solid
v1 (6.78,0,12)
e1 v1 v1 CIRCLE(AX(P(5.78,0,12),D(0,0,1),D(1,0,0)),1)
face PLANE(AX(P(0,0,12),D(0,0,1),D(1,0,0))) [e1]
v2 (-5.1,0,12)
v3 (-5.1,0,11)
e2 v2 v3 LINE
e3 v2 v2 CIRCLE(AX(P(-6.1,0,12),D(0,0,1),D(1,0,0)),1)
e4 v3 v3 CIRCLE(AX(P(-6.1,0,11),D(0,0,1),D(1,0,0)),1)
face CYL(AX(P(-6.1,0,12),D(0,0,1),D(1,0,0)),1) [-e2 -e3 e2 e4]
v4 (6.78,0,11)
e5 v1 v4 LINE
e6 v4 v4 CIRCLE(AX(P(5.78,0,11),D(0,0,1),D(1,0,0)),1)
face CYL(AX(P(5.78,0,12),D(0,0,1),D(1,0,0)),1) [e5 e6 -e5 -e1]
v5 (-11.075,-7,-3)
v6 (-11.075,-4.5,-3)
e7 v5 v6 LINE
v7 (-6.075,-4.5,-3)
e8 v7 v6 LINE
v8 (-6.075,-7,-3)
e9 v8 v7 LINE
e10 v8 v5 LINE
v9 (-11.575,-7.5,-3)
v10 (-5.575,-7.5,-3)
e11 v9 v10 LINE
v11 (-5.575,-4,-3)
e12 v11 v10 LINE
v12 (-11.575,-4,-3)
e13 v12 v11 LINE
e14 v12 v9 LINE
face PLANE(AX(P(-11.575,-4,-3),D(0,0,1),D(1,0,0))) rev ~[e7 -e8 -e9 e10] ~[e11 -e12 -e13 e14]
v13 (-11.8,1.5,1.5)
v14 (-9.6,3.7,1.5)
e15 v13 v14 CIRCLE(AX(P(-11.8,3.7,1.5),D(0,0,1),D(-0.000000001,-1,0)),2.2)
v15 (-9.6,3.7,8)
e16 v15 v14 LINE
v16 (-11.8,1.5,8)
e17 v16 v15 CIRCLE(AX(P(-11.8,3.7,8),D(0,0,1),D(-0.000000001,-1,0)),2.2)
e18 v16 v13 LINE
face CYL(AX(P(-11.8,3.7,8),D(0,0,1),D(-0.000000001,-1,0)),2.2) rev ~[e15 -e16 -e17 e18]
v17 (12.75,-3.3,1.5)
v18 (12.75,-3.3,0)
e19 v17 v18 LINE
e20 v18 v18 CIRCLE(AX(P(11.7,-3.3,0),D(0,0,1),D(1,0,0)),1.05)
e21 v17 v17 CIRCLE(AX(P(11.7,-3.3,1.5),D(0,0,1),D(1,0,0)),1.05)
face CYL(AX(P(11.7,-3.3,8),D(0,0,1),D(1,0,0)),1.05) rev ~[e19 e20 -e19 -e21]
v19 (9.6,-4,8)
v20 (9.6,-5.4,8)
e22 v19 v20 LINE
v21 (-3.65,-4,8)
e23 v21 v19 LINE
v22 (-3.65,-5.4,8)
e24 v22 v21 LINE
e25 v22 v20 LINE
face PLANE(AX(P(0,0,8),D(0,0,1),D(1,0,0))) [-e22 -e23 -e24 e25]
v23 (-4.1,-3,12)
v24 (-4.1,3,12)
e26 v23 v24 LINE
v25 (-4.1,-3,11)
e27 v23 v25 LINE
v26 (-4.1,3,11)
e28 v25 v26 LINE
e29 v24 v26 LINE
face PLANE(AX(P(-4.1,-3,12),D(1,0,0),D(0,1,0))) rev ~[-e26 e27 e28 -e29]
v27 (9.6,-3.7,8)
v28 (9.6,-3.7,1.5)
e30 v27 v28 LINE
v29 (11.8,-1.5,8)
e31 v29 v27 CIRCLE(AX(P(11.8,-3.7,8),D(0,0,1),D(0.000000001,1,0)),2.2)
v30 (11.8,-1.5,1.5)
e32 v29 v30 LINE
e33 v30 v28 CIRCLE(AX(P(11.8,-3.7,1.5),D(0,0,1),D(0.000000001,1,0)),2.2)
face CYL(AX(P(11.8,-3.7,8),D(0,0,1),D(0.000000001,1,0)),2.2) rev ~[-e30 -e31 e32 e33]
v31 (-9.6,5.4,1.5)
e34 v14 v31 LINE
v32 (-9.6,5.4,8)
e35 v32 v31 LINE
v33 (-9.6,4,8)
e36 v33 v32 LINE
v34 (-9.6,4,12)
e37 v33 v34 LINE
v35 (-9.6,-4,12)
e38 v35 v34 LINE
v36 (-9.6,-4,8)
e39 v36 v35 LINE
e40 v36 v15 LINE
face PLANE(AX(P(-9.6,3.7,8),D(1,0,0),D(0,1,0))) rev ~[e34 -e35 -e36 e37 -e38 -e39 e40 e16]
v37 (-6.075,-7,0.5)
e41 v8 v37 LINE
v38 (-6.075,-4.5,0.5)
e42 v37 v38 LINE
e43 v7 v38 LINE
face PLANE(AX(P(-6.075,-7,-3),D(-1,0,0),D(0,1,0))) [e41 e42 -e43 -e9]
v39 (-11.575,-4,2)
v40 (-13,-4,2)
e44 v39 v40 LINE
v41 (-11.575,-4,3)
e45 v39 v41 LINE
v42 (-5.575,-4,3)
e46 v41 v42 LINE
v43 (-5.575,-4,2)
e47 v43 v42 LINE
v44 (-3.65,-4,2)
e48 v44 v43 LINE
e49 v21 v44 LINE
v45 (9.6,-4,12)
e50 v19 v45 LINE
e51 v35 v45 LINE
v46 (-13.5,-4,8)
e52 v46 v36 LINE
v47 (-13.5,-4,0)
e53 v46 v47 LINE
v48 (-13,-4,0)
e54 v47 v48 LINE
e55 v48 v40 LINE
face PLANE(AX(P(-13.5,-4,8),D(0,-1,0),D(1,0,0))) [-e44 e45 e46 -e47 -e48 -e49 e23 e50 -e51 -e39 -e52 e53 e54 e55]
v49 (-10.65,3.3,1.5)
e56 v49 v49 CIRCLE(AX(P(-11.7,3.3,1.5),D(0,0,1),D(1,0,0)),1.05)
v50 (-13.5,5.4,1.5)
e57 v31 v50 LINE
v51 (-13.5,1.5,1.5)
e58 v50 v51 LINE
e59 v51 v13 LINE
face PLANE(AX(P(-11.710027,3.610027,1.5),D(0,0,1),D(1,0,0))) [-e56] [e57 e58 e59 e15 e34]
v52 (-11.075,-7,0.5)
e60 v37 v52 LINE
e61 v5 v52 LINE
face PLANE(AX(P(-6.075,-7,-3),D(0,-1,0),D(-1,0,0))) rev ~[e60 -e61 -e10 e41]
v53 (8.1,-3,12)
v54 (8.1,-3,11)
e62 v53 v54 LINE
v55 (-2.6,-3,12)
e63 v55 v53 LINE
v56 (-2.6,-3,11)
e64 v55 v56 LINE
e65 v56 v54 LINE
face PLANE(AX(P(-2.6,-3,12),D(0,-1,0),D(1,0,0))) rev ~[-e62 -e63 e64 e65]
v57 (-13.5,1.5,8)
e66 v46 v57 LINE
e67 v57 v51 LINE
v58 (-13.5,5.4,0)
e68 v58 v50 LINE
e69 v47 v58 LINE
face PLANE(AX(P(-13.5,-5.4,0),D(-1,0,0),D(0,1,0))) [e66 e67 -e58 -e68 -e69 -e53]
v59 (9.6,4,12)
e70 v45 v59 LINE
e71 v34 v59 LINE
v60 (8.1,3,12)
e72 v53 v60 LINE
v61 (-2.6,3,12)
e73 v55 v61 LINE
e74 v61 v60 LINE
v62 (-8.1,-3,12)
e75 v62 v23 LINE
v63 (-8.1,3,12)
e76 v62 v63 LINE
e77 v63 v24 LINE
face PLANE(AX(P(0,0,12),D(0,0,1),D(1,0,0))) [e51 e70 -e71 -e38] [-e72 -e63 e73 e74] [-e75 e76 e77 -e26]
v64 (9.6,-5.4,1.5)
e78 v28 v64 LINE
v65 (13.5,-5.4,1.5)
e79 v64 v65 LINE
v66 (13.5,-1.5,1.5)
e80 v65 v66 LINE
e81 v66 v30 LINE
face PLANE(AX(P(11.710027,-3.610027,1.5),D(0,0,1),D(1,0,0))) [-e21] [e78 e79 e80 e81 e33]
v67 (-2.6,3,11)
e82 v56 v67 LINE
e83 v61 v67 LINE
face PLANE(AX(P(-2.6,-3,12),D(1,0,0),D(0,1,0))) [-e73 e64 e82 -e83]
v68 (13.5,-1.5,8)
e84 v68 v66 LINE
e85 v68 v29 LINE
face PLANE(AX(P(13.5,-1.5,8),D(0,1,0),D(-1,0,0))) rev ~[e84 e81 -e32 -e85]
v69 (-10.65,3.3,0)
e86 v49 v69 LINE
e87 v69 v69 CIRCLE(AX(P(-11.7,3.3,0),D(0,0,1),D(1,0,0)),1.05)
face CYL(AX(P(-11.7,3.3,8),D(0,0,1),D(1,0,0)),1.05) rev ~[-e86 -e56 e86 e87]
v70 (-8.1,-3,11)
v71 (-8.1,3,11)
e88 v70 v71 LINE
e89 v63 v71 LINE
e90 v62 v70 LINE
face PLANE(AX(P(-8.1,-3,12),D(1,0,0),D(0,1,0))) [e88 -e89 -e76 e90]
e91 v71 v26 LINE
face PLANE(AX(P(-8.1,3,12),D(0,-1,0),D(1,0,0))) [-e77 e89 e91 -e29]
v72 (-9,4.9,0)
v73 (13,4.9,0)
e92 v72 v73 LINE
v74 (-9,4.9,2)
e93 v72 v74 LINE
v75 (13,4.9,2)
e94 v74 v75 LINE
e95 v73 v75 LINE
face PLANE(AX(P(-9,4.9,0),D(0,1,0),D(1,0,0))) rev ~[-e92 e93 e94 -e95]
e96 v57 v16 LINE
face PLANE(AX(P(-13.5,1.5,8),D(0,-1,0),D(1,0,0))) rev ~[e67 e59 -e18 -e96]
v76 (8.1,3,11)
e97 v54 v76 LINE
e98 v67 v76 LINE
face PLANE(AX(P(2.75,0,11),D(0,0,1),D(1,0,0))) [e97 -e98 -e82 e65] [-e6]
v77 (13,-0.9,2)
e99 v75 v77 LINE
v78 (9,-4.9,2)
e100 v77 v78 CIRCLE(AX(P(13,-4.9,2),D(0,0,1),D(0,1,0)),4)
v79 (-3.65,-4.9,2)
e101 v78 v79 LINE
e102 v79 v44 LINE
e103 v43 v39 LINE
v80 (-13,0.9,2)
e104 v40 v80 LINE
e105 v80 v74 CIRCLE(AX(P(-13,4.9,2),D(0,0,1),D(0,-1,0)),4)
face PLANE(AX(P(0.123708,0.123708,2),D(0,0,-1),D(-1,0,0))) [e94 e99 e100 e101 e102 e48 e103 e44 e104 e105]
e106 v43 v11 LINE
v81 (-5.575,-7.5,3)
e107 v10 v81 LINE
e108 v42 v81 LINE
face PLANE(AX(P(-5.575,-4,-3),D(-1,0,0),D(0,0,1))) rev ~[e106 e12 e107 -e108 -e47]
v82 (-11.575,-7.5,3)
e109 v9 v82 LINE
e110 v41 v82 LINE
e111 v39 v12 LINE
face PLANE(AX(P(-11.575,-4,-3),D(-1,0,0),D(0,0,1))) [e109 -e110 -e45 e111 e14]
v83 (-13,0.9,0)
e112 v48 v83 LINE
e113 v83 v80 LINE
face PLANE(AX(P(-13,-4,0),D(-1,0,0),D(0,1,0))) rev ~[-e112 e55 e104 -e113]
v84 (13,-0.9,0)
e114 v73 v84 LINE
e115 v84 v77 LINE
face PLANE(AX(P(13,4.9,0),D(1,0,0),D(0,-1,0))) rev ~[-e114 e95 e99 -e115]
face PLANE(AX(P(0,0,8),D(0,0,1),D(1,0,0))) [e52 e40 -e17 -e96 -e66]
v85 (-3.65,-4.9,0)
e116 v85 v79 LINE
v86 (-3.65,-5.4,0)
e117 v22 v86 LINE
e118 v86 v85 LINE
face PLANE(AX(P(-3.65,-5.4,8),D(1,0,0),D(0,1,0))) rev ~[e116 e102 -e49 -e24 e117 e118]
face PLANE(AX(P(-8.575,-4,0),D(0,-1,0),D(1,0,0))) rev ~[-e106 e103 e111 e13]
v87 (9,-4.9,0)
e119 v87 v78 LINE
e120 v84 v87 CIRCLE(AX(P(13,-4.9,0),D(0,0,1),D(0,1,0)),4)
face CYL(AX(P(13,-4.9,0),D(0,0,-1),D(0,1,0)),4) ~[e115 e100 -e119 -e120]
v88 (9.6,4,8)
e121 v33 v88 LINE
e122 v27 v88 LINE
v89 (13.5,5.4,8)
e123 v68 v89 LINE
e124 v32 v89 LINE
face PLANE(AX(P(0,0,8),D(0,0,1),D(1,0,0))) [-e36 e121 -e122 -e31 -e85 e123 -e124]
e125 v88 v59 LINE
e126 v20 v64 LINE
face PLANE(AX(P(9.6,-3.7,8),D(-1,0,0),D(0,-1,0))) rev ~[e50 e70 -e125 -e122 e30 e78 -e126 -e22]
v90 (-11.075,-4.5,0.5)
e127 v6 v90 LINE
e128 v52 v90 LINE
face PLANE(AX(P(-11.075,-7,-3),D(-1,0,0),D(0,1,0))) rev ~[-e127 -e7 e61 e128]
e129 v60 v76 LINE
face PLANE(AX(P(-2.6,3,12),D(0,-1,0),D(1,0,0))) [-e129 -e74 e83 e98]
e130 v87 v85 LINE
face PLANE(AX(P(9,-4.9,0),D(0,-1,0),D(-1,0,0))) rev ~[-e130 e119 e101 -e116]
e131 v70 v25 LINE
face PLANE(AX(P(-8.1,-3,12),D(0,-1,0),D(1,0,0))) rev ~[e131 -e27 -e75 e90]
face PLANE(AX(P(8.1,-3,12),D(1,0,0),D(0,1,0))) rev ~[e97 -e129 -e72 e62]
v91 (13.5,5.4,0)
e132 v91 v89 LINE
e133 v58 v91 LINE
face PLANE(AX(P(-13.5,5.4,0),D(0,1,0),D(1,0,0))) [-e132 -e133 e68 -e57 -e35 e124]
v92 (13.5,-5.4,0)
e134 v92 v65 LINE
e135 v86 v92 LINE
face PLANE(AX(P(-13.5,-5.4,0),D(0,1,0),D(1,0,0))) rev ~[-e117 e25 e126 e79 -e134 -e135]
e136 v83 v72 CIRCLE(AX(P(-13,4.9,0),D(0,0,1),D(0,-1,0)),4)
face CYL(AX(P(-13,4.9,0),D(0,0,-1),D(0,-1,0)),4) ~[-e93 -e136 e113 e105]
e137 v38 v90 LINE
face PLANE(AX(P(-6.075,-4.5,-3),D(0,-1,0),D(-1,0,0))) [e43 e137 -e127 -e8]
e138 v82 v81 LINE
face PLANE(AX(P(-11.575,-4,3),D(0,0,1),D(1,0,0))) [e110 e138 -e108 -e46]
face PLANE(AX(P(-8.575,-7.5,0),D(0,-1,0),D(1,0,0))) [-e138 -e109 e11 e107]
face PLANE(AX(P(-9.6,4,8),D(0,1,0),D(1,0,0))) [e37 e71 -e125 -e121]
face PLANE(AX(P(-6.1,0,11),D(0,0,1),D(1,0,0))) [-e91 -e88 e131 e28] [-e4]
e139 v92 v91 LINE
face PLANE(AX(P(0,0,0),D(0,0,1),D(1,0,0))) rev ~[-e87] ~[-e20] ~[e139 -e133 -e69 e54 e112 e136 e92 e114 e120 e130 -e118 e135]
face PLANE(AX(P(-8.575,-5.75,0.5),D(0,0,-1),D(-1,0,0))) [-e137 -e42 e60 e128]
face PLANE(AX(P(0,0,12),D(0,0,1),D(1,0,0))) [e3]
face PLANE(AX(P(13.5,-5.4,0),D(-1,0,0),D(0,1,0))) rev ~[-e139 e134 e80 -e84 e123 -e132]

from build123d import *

# Parameters (mm, degrees)
ESQUISSE1_W             = 27
ESQUISSE1_H             = 10.8
BOSS_EXTRU_1_DEPTH      = 8
ESQUISSE2_R             = 1.05
ENL_V_MAT_EXTRU_1_DEPTH = 17.595481313
ESQUISSE3_W             = 19.2
ESQUISSE3_H             = 8
BOSS_EXTRU_2_DEPTH      = 4
ENL_V_MAT_EXTRU_2_DEPTH = 6.5
ESQUISSE5_W             = 4
ESQUISSE5_H             = 6
ESQUISSE5_R             = 1
ESQUISSE5_W_2           = 10.7
ENL_V_MAT_EXTRU_3_DEPTH = 1
ESQUISSE6_W             = 9.85
ESQUISSE6_H             = 1.4
ENL_V_MAT_EXTRU_4_DEPTH = 17.595481313
ESQUISSE7_W             = 6
ESQUISSE7_H             = 6
BOSS_EXTRU_3_DEPTH      = 3.5
ESQUISSE8_W             = 5
ESQUISSE8_H             = 2.5
ENL_V_MAT_EXTRU_5_DEPTH = 3.5
ENL_V_MAT_EXTRU_6_DEPTH = 2


with BuildPart() as part:
    # Esquisse1 → Boss.-Extru.1 (new body)
    with BuildSketch(Plane.XY):
        Rectangle(ESQUISSE1_W, ESQUISSE1_H)
    extrude(amount=BOSS_EXTRU_1_DEPTH)

    # Esquisse2 → Enlèv. mat.-Extru.1 (cut, through all)
    with BuildSketch(Plane.XY.offset(8)):
        with Locations((-11.7, 3.3)):
            Circle(ESQUISSE2_R)
        with Locations((11.7, -3.3)):
            Circle(ESQUISSE2_R)
    extrude(amount=-ENL_V_MAT_EXTRU_1_DEPTH, mode=Mode.SUBTRACT)

    # Esquisse3 → Boss.-Extru.2 (add)
    with BuildSketch(Plane.XY.offset(8)):
        Rectangle(ESQUISSE3_W, ESQUISSE3_H)
    extrude(amount=BOSS_EXTRU_2_DEPTH)

    # Esquisse4 → Enlèv. mat.-Extru.2 (cut)
    with BuildSketch(Plane.XY.offset(8)):
        with BuildLine():
            Line((-9.6, 3.7), (-9.6, 5.4))
            Line((-9.6, 5.4), (-13.5, 5.4))
            Line((-13.5, 5.4), (-13.5, 1.5))
            Line((-13.5, 1.5), (-11.8, 1.5))
            ThreePointArc((-11.8, 1.5), (-10.244365081, 2.144365081), (-9.6, 3.7))
        make_face()
        with BuildLine():
            Line((9.6, -5.4), (13.5, -5.4))
            Line((13.5, -5.4), (13.5, -1.5))
            Line((13.5, -1.5), (11.8, -1.5))
            ThreePointArc((11.8, -1.5), (10.244365081, -2.144365081), (9.6, -3.7))
            Line((9.6, -3.7), (9.6, -5.4))
        make_face()
    extrude(amount=-ENL_V_MAT_EXTRU_2_DEPTH, mode=Mode.SUBTRACT)

    # Esquisse5 → Enlèv. mat.-Extru.3 (cut)
    # profile 1 of 2: a face of its own
    with BuildSketch(Plane.XY.offset(12)):
        with Locations((-6.1, 0)):
            Rectangle(ESQUISSE5_W, ESQUISSE5_H)
        with Locations((-6.1, 0)):
            Circle(ESQUISSE5_R, mode=Mode.SUBTRACT)
    # profile 2 of 2: a face of its own
    with BuildSketch(Plane.XY.offset(12)):
        with Locations((2.75, 0)):
            Rectangle(ESQUISSE5_W_2, ESQUISSE5_H)
        with Locations((5.78, 0)):
            Circle(ESQUISSE5_R, mode=Mode.SUBTRACT)
    extrude(amount=-ENL_V_MAT_EXTRU_3_DEPTH, mode=Mode.SUBTRACT)

    # Esquisse6 → Enlèv. mat.-Extru.4 (cut, through all)
    with BuildSketch(Plane.XY.offset(8)):
        with Locations((-8.575, -4.7)):
            Rectangle(ESQUISSE6_W, ESQUISSE6_H)
    extrude(amount=-ENL_V_MAT_EXTRU_4_DEPTH, mode=Mode.SUBTRACT)

    # Esquisse7 → Boss.-Extru.3 (add)
    with BuildSketch(Plane.XZ.offset(4)):
        with Locations((-8.575, 0)):
            Rectangle(ESQUISSE7_W, ESQUISSE7_H)
    extrude(amount=BOSS_EXTRU_3_DEPTH)

    # Esquisse8 → Enlèv. mat.-Extru.5 (cut)
    with BuildSketch(Plane(origin=(0, 0, -3), x_dir=(-1, 0, 0), z_dir=(0, 0, -1))):
        with Locations((8.575, -5.75)):
            Rectangle(ESQUISSE8_W, ESQUISSE8_H)
    extrude(amount=-ENL_V_MAT_EXTRU_5_DEPTH, mode=Mode.SUBTRACT)

    # Esquisse9 → Enlèv. mat.-Extru.6 (cut)
    with BuildSketch(Plane(origin=(0, 0, 0), x_dir=(-1, 0, 0), z_dir=(0, 0, -1))):
        with BuildLine():
            Line((9, 4.9), (-13, 4.9))
            Line((-13, 4.9), (-13, -0.9))
            ThreePointArc((-13, -0.9), (-10.171572875, -2.071572875), (-9, -4.9))
            Line((-9, -4.9), (3.65, -4.9))
            Line((3.65, -4.9), (3.65, -4))
            Line((3.65, -4), (13, -4))
            Line((13, -4), (13, 0.9))
            ThreePointArc((13, 0.9), (10.171572875, 2.071572875), (9, 4.9))
        make_face()
    extrude(amount=-ENL_V_MAT_EXTRU_6_DEPTH, mode=Mode.SUBTRACT)


solid = part.part
